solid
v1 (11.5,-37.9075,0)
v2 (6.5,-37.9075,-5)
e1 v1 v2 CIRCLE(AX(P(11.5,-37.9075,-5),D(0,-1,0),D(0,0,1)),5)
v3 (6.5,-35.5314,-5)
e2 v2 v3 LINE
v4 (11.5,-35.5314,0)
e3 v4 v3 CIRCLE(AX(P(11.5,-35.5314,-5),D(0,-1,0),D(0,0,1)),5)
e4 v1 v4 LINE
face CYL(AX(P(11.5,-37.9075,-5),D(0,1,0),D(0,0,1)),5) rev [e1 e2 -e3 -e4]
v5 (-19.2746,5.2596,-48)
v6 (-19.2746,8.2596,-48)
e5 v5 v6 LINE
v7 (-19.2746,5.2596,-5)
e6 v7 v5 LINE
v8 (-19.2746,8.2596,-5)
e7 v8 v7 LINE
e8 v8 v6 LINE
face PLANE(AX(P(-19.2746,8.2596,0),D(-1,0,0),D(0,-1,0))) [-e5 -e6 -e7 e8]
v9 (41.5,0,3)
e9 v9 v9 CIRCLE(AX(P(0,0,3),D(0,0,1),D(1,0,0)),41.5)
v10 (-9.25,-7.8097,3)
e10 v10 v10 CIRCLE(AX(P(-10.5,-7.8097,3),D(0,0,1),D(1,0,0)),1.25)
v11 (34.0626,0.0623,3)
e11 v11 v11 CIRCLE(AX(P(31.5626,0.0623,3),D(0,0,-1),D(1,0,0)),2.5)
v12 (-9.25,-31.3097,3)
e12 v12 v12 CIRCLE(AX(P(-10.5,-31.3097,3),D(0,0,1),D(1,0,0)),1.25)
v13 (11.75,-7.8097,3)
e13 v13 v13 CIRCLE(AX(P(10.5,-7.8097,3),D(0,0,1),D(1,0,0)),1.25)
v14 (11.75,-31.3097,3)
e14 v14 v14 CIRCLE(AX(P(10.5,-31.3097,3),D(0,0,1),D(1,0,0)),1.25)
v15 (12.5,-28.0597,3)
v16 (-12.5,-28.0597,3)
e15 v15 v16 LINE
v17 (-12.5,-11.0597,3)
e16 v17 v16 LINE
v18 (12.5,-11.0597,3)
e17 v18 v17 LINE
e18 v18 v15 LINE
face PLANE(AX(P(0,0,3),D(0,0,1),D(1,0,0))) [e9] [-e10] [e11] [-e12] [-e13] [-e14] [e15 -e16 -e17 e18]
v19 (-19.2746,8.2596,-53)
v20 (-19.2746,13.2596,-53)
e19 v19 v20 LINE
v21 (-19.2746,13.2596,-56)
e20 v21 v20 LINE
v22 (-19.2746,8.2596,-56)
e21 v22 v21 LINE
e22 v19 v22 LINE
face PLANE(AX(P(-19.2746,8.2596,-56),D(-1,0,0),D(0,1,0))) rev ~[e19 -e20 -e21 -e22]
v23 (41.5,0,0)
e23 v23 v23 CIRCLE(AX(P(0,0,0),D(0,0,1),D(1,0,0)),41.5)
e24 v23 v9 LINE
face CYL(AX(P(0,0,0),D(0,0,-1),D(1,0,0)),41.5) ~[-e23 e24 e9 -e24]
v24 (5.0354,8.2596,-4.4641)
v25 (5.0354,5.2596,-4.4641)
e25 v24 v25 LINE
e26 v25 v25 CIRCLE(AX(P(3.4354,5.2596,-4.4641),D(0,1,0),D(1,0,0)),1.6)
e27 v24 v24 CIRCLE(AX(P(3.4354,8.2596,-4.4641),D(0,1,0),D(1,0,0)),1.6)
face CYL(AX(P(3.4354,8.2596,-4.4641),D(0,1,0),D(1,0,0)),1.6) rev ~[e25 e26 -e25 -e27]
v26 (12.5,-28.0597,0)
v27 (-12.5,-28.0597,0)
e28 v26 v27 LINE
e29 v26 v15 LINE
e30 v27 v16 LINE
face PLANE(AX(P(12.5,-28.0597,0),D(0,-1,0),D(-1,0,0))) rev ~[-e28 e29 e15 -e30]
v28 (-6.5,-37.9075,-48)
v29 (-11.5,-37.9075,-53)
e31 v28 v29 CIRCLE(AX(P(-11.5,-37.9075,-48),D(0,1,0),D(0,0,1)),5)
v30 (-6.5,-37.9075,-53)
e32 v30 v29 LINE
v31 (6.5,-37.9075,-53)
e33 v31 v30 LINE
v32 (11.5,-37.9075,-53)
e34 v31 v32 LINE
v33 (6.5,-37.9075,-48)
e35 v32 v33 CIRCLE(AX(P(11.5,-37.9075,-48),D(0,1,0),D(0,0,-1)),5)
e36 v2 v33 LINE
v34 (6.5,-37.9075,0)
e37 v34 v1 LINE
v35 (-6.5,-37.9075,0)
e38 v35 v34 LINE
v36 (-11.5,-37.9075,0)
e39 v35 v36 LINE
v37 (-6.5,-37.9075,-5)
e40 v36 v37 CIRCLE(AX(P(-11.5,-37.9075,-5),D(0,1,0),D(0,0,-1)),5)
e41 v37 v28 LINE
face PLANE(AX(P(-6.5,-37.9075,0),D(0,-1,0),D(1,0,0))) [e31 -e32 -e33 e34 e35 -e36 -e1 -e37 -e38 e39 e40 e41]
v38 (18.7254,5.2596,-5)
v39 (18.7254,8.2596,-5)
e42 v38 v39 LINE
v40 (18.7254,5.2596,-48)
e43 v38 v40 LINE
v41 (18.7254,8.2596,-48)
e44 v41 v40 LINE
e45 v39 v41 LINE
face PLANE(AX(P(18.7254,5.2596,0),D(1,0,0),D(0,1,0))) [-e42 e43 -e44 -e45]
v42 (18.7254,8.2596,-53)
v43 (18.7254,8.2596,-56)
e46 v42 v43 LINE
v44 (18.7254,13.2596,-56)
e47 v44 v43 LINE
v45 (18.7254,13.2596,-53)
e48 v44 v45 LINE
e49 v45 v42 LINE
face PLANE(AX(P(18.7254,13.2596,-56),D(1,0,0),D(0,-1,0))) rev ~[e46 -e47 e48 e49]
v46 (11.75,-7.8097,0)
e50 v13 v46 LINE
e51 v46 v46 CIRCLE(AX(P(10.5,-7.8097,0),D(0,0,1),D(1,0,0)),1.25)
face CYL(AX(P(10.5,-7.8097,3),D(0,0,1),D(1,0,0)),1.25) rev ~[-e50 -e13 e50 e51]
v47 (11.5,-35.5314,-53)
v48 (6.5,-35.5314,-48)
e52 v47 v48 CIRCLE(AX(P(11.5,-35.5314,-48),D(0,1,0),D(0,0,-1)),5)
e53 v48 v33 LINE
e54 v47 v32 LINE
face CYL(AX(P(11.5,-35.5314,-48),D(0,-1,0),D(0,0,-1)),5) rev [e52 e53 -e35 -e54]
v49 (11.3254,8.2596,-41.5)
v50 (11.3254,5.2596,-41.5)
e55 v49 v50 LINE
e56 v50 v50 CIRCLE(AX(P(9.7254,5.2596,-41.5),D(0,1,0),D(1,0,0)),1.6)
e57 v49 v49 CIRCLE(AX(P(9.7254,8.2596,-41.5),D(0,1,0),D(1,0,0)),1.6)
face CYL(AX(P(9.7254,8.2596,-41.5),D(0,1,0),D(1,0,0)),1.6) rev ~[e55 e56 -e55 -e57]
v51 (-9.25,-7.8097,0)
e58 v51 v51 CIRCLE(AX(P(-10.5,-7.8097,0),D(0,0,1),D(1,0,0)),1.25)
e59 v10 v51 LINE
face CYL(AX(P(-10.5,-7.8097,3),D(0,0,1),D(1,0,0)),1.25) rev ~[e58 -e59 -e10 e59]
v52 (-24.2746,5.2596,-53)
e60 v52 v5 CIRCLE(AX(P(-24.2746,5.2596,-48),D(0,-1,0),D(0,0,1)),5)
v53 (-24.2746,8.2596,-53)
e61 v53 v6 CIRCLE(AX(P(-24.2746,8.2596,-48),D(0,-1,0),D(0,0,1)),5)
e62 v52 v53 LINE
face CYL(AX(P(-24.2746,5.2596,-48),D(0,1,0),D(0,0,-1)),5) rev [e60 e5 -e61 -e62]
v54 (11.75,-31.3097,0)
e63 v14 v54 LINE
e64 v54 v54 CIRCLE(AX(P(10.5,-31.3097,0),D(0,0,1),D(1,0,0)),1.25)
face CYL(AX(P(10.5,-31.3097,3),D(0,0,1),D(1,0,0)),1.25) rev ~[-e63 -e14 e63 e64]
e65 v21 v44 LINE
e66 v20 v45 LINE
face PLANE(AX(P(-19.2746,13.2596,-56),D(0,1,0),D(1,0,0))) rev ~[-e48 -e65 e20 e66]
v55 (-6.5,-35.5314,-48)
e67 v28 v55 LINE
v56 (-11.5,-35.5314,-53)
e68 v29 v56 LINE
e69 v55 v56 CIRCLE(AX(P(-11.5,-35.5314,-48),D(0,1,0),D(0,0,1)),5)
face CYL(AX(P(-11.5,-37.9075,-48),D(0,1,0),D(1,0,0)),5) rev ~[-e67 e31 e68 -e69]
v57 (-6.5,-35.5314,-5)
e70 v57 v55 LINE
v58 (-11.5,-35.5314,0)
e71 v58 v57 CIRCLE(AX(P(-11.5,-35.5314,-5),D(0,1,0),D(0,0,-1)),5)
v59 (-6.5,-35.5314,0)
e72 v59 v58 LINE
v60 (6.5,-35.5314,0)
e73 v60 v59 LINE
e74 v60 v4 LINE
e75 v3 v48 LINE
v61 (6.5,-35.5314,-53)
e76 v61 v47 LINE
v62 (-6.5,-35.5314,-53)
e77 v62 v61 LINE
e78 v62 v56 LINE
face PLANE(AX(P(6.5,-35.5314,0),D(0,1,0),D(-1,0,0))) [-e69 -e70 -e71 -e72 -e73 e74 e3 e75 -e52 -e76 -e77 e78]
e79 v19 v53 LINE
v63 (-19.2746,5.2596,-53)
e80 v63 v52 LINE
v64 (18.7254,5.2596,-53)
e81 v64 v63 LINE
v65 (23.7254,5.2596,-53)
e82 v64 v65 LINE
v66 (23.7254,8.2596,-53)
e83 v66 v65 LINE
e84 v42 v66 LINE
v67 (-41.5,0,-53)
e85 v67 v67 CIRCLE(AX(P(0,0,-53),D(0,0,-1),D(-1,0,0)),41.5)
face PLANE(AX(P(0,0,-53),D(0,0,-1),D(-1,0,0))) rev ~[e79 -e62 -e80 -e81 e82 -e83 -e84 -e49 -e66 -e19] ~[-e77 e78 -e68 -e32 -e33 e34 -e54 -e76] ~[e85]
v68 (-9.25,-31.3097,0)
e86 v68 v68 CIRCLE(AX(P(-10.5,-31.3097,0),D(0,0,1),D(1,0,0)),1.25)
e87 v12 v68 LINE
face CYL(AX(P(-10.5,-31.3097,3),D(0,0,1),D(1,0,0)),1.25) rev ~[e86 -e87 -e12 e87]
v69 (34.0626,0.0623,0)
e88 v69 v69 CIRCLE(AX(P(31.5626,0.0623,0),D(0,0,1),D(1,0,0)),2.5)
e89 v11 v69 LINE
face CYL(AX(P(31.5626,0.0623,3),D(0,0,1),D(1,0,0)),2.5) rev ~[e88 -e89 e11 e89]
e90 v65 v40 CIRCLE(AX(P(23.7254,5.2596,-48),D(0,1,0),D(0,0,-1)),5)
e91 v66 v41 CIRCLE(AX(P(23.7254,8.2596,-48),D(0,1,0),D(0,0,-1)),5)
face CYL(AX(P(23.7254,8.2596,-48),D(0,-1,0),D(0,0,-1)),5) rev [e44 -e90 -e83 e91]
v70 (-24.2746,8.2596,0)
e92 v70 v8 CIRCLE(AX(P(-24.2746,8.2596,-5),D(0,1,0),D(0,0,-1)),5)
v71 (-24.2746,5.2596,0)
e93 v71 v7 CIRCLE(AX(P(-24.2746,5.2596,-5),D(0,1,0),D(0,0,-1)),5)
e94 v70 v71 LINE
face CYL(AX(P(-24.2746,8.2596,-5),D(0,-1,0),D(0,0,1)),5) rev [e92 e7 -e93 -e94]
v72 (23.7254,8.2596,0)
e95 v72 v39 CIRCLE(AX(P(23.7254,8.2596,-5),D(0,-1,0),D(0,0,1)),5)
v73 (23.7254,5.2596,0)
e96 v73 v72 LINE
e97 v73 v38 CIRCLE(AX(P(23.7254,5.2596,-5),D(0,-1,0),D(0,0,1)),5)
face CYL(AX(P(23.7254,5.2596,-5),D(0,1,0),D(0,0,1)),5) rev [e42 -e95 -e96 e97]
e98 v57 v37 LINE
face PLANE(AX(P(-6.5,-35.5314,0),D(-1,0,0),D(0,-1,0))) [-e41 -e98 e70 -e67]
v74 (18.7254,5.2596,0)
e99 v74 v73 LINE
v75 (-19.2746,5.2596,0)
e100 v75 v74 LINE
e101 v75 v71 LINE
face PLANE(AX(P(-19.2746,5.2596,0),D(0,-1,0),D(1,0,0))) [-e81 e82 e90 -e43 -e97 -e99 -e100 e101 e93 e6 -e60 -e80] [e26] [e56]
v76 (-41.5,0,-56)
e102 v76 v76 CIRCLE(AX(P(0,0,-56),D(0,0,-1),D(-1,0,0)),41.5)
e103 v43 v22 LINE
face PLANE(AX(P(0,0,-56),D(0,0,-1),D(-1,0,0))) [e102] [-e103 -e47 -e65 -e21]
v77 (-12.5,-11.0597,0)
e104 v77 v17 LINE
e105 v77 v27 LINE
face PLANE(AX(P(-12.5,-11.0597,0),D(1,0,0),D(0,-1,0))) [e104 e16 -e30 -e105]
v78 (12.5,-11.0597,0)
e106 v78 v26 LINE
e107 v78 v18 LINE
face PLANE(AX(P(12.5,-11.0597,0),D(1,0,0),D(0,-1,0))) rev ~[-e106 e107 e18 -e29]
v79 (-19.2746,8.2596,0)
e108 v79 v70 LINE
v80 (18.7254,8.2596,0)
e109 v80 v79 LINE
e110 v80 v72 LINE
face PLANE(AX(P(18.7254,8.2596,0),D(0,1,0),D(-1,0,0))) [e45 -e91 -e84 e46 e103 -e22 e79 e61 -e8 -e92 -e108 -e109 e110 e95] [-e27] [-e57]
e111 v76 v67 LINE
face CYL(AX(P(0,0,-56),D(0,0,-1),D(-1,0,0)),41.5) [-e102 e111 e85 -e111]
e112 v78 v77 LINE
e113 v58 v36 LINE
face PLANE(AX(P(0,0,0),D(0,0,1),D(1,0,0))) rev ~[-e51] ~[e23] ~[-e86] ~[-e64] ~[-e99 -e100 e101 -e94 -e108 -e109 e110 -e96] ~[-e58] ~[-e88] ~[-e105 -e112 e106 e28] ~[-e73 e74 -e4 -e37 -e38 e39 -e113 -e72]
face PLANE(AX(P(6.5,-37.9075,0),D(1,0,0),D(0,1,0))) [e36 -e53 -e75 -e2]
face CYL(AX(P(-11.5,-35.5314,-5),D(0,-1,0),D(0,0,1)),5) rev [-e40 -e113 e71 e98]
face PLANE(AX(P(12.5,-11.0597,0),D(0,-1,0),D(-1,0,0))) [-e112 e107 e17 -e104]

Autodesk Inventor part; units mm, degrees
ref_plane "YZ Plane" through (0, 0, 0) normal (1, 0, 0) x (0, 1, 0)
ref_plane "XZ Plane" through (0, 0, 0) normal (0, 1, 0) x (-1, 0, 0)
ref_plane "XY Plane" through (0, 0, 0) normal (0, 0, 1) x (1, 0, 0)
sketch "Эскиз3" plane through (0, 0, 0) normal (0, 0, 1) x (1, 0, 0)
  circle A0 centre (0, 0) radius 41.5
  line L0 (12.5, -11.0597) -> (-12.5, -11.0597) projected
  line L1 (-12.5, -11.0597) -> (-12.5, -28.0597) projected
  line L2 (-12.5, -11.0597) -> (12.5, -11.0597)
  line L3 (12.5, -11.0597) -> (12.5, -28.0597)
  line L4 (12.5, -28.0597) -> (-12.5, -28.0597)
  line L5 (-12.5, -28.0597) -> (-12.5, -11.0597)
  dimension "d9" = 83
  dimension "d10" = 25
  dimension "d11" = 17
  dimension "d13" = 25
  dimension "d14" = 17
  dimension "d15" = 12.5
extrude "Выдавливание3" add sketch "Эскиз3" along normal blind 3
sketch "Эскиз4" plane through (0, 0, 3) normal (0, 0, 1) x (1, 0, 0)
  arc A0 (5.7629, -8.6636) -> (-4.709, -8.7124) centre (0.4132, 15.7598) ccw
  circle A1 centre (0.4132, 15.7598) radius 1.5338
  point P0 (0, 0)
extrude "Выдавливание4" cut sketch "Эскиз4" against normal blind 3
sketch "Эскиз5" plane through (0, 0, 3) normal (0, 0, 1) x (1, 0, 0)
  line L0 (28.2027, -2.4247) -> (31.5626, 4.2424) projected
  circle A0 centre (31.5626, 0.0623) radius 2.5
  point P0 (0, 0)
  dimension "d20" = 5
extrude "Выдавливание5" cut sketch "Эскиз5" against normal blind 3
sketch "Эскиз6" plane through (0, 0, 3) normal (0, 0, 1) x (1, 0, 0)
  circle A0 centre (0.4132, 15.7598) radius 1.5338 projected
  point P0 (0, 0)
extrude "Выдавливание6" add sketch "Эскиз6" against normal blind 3
sketch "Эскиз7" plane through (0, 0, 3) normal (0, 0, 1) x (1, 0, 0)
  circle A0 centre (10.5, -7.8097) radius 1.25 projected
  circle A1 centre (-10.5, -7.8097) radius 1.25 projected
  circle A2 centre (-10.5, -31.3097) radius 1.25 projected
  circle A3 centre (10.5, -31.3097) radius 1.25 projected
  point P0 (0, 0)
extrude "Выдавливание7" cut sketch "Эскиз7" against normal blind 3
sketch "Эскиз8" plane through (0, 0, 0) normal (0, 0, -1) x (-1, 0, 0)
  line L0 (-18.7254, 8.2596) -> (19.2746, 8.2596) projected
  line L1 (-18.7254, 8.2596) -> (19.2746, 8.2596)
  line L2 (19.2746, 8.2596) -> (19.2746, 5.2596)
  line L3 (19.2746, 5.2596) -> (-18.7254, 5.2596)
  line L4 (-18.7254, 5.2596) -> (-18.7254, 8.2596)
  point P0 (0, 0)
  dimension "d27" = 3
extrude "Выдавливание8" add sketch "Эскиз8" along normal blind 56
sketch "Эскиз9" plane through (-19.2746, 8.2596, 0) normal (0, 1, 0) x (1, 0, 0)
  circle A0 centre (29, 41.5) radius 1.6 projected
  circle A1 centre (22.71, 4.4641) radius 1.6 projected
  point P0 (19.2746, 0)
extrude "Выдавливание9" cut sketch "Эскиз9" against normal blind 56
sketch "Эскиз10" plane through (-19.2746, 5.2596, 0) normal (0, -1, 0) x (1, 0, 0)
  line L0 (0, 0) -> (38, 0) projected
  line L1 (38, 0) -> (38, -60) construction
  point P0 (19.2746, 0)
  dimension "d32" = 60
sketch "Эскиз11" plane through (0, 0, -56) normal (0, 0, -1) x (-1, 0, 0)
  circle A0 centre (0, 0) radius 41.5 projected
  line L0 (-18.7254, 5.2596) -> (19.2746, 5.2596) projected
  line L1 (19.2746, 5.2596) -> (19.2746, 8.2596) projected
  line L2 (19.2746, 8.2596) -> (-18.7254, 8.2596) projected
  line L3 (-18.7254, 8.2596) -> (-18.7254, 5.2596) projected
  line L4 (-18.7254, 5.2596) -> (-18.7254, 8.2596) projected
  line L5 (-18.7254, 8.2596) -> (19.2746, 8.2596)
  line L6 (19.2746, 8.2596) -> (19.2746, 13.2596)
  line L7 (19.2746, 13.2596) -> (-18.7254, 13.2596)
  line L8 (-18.7254, 13.2596) -> (-18.7254, 8.2596)
  dimension "d33" = 5
extrude "Выдавливание10" add sketch "Эскиз11" against normal blind 3
sketch "Эскиз12" plane through (0, 0, 0) normal (0, 0, -1) x (-1, 0, 0)
  circle A0 centre (0, 0) radius 41.5 projected
  line L0 (-6.5, -33.0597) -> (-6.5, -30.5597) projected
  line L1 (6.5, -33.0597) -> (6.5, -30.5597) projected
  line L2 (-6.5, -35.5314) -> (6.5, -35.5314)
  line L3 (6.5, -35.5314) -> (6.5, -37.9075)
  line L4 (6.5, -37.9075) -> (-6.5, -37.9075)
  line L5 (-6.5, -37.9075) -> (-6.5, -35.5314)
extrude "Выдавливание11" add sketch "Эскиз12" along normal blind 54.75 contours L2 L3 L4 L5
fillet "Сопряжение1" radius 5 8 edges at (-19.2746, 6.7596, 0) (18.7254, 6.7596, 0) (6.5, -36.7195, 0) (-6.5, -36.7195, 0) (-6.5, -36.7195, -53) (-19.2746, 6.7596, -53) (6.5, -36.7195, -53) (18.7254, 6.7596, -53)
equation "\"d13\" = d10"
equation "\"d14\" = d11"
equation "\"d15\" = 0.5 * d13"
properties part number "top2"
